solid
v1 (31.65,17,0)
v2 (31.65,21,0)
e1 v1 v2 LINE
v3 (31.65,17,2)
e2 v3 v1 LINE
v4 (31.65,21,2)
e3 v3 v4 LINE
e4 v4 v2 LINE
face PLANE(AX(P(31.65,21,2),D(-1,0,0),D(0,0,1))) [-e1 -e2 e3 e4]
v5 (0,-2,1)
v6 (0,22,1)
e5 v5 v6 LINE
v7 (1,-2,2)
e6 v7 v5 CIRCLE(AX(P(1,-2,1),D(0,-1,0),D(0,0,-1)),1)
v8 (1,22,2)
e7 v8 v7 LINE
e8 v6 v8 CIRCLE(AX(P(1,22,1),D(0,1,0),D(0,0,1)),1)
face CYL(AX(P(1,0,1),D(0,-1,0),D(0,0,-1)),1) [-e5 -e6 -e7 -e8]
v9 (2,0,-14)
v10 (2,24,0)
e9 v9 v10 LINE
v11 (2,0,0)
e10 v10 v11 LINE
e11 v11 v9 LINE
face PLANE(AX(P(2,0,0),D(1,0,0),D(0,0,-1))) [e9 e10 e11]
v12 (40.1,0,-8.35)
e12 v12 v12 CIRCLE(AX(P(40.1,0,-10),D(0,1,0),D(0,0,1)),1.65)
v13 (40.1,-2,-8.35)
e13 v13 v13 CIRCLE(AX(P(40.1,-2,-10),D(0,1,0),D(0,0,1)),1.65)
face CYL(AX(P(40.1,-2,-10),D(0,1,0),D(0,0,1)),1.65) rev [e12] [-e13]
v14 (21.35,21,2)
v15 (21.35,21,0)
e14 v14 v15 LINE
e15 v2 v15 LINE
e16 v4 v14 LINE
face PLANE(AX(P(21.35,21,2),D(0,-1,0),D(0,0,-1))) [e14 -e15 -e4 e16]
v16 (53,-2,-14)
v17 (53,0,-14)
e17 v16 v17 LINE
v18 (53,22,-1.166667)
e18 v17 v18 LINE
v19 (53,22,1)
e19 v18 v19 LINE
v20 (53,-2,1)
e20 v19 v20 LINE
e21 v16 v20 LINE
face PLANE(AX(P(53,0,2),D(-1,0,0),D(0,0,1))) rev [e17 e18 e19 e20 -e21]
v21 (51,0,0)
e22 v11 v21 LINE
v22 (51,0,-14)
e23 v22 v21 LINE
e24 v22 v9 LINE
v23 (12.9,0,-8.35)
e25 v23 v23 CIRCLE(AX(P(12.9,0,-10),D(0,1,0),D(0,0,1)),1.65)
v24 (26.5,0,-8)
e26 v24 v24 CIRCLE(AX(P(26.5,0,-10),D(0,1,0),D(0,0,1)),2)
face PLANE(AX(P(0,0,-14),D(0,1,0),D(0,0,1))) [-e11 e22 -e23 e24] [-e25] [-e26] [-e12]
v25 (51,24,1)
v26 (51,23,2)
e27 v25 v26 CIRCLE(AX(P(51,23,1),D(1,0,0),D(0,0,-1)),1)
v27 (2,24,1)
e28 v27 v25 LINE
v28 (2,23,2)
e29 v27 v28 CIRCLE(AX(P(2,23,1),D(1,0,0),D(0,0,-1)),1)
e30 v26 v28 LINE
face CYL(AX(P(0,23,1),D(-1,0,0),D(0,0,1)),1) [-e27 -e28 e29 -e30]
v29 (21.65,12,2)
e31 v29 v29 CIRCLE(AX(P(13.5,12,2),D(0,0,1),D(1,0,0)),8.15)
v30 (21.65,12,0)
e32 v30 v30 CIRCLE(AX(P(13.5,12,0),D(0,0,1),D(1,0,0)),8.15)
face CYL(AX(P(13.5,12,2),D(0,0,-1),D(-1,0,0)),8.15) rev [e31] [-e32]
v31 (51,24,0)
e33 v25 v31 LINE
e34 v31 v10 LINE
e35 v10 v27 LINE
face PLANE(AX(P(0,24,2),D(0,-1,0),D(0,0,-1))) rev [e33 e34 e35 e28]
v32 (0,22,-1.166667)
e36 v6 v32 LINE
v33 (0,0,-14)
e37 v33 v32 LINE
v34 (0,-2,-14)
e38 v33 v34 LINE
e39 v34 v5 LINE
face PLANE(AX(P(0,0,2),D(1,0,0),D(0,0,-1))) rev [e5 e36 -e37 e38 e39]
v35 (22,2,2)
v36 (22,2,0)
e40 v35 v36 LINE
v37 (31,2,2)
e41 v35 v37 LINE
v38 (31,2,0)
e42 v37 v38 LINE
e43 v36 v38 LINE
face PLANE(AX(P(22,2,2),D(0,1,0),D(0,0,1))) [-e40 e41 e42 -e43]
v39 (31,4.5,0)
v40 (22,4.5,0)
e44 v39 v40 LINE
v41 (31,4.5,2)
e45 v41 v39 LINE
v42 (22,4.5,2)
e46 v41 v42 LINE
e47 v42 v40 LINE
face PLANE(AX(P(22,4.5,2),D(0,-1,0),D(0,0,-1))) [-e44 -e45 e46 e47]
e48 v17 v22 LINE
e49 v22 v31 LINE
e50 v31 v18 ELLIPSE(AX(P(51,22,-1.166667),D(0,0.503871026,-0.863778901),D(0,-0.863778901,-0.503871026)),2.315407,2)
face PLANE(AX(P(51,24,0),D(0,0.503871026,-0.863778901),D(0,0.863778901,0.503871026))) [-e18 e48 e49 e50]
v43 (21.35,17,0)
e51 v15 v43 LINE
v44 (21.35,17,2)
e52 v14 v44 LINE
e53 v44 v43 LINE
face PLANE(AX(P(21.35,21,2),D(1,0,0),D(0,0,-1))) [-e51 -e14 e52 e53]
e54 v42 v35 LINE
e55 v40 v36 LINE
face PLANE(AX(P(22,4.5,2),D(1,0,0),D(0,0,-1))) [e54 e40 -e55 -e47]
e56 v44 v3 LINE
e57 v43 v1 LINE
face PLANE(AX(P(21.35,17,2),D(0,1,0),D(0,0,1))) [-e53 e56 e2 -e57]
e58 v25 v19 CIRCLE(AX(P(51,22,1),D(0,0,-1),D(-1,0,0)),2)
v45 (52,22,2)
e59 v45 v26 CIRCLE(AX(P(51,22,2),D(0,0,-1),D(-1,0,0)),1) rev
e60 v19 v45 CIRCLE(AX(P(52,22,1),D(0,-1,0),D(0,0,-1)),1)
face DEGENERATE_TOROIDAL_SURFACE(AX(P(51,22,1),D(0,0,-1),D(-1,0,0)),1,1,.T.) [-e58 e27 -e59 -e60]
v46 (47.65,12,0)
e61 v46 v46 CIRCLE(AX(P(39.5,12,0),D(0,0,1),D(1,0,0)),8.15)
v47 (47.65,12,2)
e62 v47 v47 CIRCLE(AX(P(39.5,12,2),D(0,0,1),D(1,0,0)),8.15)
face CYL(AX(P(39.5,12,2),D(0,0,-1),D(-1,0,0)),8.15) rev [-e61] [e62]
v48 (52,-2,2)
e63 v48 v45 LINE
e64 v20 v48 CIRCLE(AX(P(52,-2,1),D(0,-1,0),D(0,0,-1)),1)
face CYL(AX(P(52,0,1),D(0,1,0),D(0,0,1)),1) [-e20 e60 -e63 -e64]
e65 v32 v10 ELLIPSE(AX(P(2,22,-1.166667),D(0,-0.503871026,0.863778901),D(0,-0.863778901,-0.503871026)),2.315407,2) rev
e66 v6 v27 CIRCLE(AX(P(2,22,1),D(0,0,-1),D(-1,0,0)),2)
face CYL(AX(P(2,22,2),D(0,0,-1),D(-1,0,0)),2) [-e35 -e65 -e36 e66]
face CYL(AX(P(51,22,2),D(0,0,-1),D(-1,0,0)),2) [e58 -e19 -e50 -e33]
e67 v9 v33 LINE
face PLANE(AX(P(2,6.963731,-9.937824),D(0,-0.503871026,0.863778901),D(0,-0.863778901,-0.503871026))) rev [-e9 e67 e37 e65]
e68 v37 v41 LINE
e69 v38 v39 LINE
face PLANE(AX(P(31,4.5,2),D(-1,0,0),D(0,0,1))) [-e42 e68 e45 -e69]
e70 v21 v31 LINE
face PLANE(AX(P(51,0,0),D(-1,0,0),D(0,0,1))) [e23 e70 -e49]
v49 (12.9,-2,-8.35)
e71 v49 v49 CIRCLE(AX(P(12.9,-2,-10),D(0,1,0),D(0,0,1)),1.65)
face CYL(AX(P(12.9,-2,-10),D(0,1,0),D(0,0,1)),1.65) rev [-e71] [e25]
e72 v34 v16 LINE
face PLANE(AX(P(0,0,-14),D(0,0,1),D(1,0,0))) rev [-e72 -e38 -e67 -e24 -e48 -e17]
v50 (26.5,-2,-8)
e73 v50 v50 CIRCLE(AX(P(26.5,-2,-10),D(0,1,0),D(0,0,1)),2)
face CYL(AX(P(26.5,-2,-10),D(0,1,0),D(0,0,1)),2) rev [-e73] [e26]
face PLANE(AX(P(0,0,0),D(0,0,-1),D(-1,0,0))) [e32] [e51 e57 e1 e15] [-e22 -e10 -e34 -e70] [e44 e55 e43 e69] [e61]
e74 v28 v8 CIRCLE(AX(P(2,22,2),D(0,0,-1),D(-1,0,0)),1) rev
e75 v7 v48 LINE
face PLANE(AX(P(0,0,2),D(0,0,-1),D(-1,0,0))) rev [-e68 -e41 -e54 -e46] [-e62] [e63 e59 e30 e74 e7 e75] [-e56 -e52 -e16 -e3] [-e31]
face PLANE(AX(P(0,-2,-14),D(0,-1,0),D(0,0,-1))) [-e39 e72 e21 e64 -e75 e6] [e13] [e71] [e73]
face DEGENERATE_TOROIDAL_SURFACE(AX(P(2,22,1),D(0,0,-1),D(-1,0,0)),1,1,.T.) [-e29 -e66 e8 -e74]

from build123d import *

# Parameters (mm, degrees)
CROQUIS1_W              = 53
CROQUIS1_H              = 24
CROQUIS1_R              = 8.15
CROQUIS1_W_2            = 10.3
CROQUIS1_H_2            = 4
CROQUIS1_W_3            = 9
CROQUIS1_H_3            = 2.5
SALIENTE_EXTRUIR1_DEPTH = 2
CROQUIS2_W              = 53
CROQUIS2_H              = 2
SALIENTE_EXTRUIR2_DEPTH = 16
SALIENTE_EXTRUIR3_DEPTH = 2
SALIENTE_EXTRUIR5_START = -53
SALIENTE_EXTRUIR5_DEPTH = 2
CROQUIS5_R              = 1.65
CROQUIS5_R_2            = 2
CORTAR_EXTRUIR1_DEPTH   = 2
REDONDEO1_R             = 2
REDONDEO6_R             = 1


with BuildPart() as part:
    # Croquis1 → Saliente-Extruir1 (new body)
    with BuildSketch(Plane.XY):
        with Locations((26.5, 12)):
            Rectangle(CROQUIS1_W, CROQUIS1_H)
        with Locations((13.5, 12)):
            Circle(CROQUIS1_R, mode=Mode.SUBTRACT)
        with Locations((39.5, 12)):
            Circle(CROQUIS1_R, mode=Mode.SUBTRACT)
        with Locations((26.5, 19)):
            Rectangle(CROQUIS1_W_2, CROQUIS1_H_2, mode=Mode.SUBTRACT)
        with Locations((26.5, 3.25)):
            Rectangle(CROQUIS1_W_3, CROQUIS1_H_3, mode=Mode.SUBTRACT)
    extrude(amount=SALIENTE_EXTRUIR1_DEPTH)

    # Croquis2 → Saliente-Extruir2 (add)
    with BuildSketch(Plane.XY.offset(2)):
        with Locations((26.5, -1)):
            Rectangle(CROQUIS2_W, CROQUIS2_H)
    extrude(amount=-SALIENTE_EXTRUIR2_DEPTH)

    # Croquis4 → Saliente-Extruir3 (add)
    with BuildSketch(Plane(origin=(53, 0, 0), x_dir=(0, 0, -1), z_dir=(1, 0, 0))):
        Polygon((14, -2), (14, 0), (0, 24), (-2, 24), (-2, -2), align=None)
    extrude(amount=-SALIENTE_EXTRUIR3_DEPTH)

    # Croquis4<3> → Saliente-Extruir5 (add)
    with BuildSketch(Plane(origin=(53, 0, 0), x_dir=(0, 0, -1), z_dir=(1, 0, 0)).offset(SALIENTE_EXTRUIR5_START)):
        Polygon((14, -2), (14, 0), (0, 24), (-2, 24), (-2, -2), align=None)
    extrude(amount=SALIENTE_EXTRUIR5_DEPTH)

    # Croquis5 → Cortar-Extruir1 (cut)
    with BuildSketch(Plane(origin=(0, 0, 0), x_dir=(1, 0, 0), z_dir=(0, 1, 0))):
        with Locations(Location((12.9, 10, 0), (0, 0, 270))):
            Circle(CROQUIS5_R)
        with Locations(Location((40.1, 10, 0), (0, 0, 270))):
            Circle(CROQUIS5_R)
        with Locations(Location((26.5, 10, 0), (0, 0, 270))):
            Circle(CROQUIS5_R_2)
    extrude(amount=-CORTAR_EXTRUIR1_DEPTH, mode=Mode.SUBTRACT)

    # Redondeo1
    redondeo1_edges = [part.edges().sort_by_distance(p)[0] for p in [
        (0, 24, 1),
        (53, 24, 1),
    ]]
    fillet(redondeo1_edges, radius=REDONDEO1_R)

    # Redondeo6
    redondeo6_edges = [part.edges().sort_by_distance(p)[0] for p in [
        (53, 10, 2),
        (0, 10, 2),
        (26.5, 24, 2),
        (52.414213562, 23.414213562, 2),
        (0.585786438, 23.414213562, 2),
    ]]
    fillet(redondeo6_edges, radius=REDONDEO6_R)


solid = part.part
